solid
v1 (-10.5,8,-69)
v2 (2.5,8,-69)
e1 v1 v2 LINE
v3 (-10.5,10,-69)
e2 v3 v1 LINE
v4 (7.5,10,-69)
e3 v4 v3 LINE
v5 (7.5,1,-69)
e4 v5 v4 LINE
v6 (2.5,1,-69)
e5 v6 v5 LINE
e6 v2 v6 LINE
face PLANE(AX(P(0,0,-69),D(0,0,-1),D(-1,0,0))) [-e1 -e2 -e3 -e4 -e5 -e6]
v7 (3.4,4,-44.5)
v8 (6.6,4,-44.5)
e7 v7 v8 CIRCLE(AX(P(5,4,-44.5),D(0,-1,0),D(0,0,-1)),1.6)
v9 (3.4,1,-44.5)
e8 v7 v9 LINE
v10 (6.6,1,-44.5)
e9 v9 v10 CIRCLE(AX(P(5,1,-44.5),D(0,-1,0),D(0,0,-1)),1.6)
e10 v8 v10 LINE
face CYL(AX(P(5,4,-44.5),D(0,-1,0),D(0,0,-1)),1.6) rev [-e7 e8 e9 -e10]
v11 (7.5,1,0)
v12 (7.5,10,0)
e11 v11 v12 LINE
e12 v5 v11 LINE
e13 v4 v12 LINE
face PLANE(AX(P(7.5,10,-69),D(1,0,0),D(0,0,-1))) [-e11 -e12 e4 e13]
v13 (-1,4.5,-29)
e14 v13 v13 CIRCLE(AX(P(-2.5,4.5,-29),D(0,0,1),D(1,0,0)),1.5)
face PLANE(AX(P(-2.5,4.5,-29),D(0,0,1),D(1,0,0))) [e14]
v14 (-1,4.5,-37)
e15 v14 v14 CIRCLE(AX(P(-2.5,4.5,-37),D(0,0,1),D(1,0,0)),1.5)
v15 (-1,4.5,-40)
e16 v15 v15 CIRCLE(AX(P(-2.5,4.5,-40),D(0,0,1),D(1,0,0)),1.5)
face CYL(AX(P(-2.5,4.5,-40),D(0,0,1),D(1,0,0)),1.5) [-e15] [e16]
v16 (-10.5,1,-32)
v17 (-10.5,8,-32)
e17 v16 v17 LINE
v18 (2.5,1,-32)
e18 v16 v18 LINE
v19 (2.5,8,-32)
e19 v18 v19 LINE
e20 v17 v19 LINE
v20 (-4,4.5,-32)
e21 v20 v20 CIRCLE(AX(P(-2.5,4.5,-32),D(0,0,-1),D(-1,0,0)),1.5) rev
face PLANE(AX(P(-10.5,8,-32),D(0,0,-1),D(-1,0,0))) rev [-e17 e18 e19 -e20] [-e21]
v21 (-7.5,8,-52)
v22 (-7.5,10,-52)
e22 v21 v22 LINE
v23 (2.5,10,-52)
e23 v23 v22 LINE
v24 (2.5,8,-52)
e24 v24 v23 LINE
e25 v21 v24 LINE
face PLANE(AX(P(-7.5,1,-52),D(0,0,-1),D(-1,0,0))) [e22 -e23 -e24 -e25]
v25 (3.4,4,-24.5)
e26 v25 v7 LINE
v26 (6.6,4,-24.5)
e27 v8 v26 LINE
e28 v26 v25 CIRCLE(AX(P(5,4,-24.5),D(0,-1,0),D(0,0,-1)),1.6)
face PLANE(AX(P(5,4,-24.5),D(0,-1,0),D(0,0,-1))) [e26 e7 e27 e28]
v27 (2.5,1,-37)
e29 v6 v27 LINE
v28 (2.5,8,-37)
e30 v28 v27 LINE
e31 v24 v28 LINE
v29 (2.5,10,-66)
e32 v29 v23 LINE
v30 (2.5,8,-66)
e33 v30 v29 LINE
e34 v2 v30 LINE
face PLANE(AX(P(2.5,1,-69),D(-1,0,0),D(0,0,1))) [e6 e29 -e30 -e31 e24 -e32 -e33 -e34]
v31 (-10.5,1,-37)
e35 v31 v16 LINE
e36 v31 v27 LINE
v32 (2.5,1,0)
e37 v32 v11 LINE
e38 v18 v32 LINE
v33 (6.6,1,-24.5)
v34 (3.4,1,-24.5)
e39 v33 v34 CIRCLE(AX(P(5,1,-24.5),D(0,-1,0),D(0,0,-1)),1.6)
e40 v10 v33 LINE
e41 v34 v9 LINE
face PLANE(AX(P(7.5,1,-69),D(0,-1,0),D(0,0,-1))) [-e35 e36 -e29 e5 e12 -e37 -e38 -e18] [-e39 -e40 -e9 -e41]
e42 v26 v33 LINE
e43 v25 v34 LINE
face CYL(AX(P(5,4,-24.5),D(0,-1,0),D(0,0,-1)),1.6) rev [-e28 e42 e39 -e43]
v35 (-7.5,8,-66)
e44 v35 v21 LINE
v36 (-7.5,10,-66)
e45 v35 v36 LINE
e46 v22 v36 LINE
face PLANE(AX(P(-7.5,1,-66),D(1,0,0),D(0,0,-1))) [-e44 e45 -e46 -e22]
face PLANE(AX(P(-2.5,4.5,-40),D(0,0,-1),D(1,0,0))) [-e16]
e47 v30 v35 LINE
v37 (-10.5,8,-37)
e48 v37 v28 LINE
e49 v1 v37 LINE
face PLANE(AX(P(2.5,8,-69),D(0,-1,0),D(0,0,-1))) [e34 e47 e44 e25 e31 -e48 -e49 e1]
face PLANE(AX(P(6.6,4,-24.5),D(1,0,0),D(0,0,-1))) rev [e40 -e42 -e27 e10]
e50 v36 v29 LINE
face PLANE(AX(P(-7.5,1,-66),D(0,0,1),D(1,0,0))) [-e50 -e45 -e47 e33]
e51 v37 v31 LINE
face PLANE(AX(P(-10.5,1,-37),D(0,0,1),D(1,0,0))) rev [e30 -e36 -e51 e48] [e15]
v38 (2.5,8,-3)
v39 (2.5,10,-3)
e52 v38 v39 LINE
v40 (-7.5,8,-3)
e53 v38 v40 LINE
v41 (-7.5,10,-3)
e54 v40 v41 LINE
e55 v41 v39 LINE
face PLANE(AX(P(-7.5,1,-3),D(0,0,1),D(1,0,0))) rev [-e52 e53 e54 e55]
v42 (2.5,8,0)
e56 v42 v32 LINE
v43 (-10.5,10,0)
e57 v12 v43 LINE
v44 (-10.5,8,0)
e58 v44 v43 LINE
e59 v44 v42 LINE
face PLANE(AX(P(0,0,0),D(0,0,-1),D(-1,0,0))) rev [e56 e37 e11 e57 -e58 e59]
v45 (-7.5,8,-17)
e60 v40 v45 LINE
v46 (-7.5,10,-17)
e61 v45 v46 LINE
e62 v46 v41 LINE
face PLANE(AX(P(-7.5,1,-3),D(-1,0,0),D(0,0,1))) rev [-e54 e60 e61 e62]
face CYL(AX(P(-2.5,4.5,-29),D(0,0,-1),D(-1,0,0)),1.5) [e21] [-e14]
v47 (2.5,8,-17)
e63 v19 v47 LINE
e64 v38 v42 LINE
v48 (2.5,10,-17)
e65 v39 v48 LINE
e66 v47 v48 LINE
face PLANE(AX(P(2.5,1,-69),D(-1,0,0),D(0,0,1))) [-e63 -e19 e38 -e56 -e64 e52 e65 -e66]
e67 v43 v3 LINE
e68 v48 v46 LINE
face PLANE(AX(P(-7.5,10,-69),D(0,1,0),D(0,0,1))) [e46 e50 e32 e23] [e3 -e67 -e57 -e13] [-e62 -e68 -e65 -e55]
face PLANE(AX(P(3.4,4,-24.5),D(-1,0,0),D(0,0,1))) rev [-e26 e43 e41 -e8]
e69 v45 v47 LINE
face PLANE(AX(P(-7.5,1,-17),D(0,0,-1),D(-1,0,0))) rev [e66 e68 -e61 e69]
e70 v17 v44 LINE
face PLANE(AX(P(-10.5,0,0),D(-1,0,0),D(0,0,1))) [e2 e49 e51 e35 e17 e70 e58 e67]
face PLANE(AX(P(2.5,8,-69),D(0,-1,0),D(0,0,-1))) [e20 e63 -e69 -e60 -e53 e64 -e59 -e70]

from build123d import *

# Parameters (mm, degrees)
BOSS_EXTRUDE1_DEPTH = 69
SKETCH2_W           = 69
SKETCH2_H           = 2
BOSS_EXTRUDE2_DEPTH = 3
SKETCH3_W           = 5
SKETCH3_H           = 7
BOSS_EXTRUDE4_DEPTH = 13
SKETCH5_R           = 1.5
BOSS_EXTRUDE5_DEPTH = 3
SKETCH8_W           = 10
SKETCH8_H           = 14
CUT_EXTRUDE1_DEPTH  = 71.372224634
CUT_EXTRUDE2_DEPTH  = 3


with BuildPart() as part:
    # Sketch1 → Boss-Extrude1 (new body)
    with BuildSketch(Plane.XY):
        Polygon((2.5, 1), (2.5, 8), (-7.5, 8), (-7.5, 10), (7.5, 10), (7.5, 1), align=None)
    extrude(amount=-BOSS_EXTRUDE1_DEPTH)

    # Sketch2 → Boss-Extrude2 (add)
    with BuildSketch(Plane.ZY.offset(7.5)):
        with Locations((-34.5, 9)):
            Rectangle(SKETCH2_W, SKETCH2_H)
    extrude(amount=BOSS_EXTRUDE2_DEPTH)

    # Sketch3 → Boss-Extrude4 (add)
    with BuildSketch(Plane.ZY.offset(-2.5)):
        with Locations((-34.5, 4.5)):
            Rectangle(SKETCH3_W, SKETCH3_H)
    extrude(amount=BOSS_EXTRUDE4_DEPTH)

    # Sketch5 → Boss-Extrude5 (add)
    with BuildSketch(Plane.XY.offset(-32)):
        with Locations(Location((-2.5, 4.5, 0), (0, 0, 180))):
            Circle(SKETCH5_R)
    boss_extrude5 = extrude(amount=BOSS_EXTRUDE5_DEPTH)

    # Sketch8 → Cut-Extrude1 (cut, through all)
    with BuildSketch(Plane(origin=(0, 10, 0), x_dir=(1, 0, 0), z_dir=(0, 1, 0))):
        with Locations((-2.5, 10)):
            Rectangle(SKETCH8_W, SKETCH8_H)
    cut_extrude1 = extrude(amount=-CUT_EXTRUDE1_DEPTH, mode=Mode.SUBTRACT)

    # Mirror1: Boss-Extrude5, Cut-Extrude1 across plane
    add(boss_extrude5.mirror(Plane.XY.offset(-34.5)))
    add(cut_extrude1.mirror(Plane.XY.offset(-34.5)), mode=Mode.SUBTRACT)

    # Sketch9 → Cut-Extrude2 (cut)
    with BuildSketch(Plane.XZ.offset(-1)):
        with BuildLine():
            Line((6.6, -24.5), (6.6, -44.5))
            ThreePointArc((6.6, -44.5), (5, -46.1), (3.4, -44.5))
            Line((3.4, -44.5), (3.4, -24.5))
            ThreePointArc((3.4, -24.5), (5, -22.9), (6.6, -24.5))
        make_face()
    extrude(amount=-CUT_EXTRUDE2_DEPTH, mode=Mode.SUBTRACT)


solid = part.part
